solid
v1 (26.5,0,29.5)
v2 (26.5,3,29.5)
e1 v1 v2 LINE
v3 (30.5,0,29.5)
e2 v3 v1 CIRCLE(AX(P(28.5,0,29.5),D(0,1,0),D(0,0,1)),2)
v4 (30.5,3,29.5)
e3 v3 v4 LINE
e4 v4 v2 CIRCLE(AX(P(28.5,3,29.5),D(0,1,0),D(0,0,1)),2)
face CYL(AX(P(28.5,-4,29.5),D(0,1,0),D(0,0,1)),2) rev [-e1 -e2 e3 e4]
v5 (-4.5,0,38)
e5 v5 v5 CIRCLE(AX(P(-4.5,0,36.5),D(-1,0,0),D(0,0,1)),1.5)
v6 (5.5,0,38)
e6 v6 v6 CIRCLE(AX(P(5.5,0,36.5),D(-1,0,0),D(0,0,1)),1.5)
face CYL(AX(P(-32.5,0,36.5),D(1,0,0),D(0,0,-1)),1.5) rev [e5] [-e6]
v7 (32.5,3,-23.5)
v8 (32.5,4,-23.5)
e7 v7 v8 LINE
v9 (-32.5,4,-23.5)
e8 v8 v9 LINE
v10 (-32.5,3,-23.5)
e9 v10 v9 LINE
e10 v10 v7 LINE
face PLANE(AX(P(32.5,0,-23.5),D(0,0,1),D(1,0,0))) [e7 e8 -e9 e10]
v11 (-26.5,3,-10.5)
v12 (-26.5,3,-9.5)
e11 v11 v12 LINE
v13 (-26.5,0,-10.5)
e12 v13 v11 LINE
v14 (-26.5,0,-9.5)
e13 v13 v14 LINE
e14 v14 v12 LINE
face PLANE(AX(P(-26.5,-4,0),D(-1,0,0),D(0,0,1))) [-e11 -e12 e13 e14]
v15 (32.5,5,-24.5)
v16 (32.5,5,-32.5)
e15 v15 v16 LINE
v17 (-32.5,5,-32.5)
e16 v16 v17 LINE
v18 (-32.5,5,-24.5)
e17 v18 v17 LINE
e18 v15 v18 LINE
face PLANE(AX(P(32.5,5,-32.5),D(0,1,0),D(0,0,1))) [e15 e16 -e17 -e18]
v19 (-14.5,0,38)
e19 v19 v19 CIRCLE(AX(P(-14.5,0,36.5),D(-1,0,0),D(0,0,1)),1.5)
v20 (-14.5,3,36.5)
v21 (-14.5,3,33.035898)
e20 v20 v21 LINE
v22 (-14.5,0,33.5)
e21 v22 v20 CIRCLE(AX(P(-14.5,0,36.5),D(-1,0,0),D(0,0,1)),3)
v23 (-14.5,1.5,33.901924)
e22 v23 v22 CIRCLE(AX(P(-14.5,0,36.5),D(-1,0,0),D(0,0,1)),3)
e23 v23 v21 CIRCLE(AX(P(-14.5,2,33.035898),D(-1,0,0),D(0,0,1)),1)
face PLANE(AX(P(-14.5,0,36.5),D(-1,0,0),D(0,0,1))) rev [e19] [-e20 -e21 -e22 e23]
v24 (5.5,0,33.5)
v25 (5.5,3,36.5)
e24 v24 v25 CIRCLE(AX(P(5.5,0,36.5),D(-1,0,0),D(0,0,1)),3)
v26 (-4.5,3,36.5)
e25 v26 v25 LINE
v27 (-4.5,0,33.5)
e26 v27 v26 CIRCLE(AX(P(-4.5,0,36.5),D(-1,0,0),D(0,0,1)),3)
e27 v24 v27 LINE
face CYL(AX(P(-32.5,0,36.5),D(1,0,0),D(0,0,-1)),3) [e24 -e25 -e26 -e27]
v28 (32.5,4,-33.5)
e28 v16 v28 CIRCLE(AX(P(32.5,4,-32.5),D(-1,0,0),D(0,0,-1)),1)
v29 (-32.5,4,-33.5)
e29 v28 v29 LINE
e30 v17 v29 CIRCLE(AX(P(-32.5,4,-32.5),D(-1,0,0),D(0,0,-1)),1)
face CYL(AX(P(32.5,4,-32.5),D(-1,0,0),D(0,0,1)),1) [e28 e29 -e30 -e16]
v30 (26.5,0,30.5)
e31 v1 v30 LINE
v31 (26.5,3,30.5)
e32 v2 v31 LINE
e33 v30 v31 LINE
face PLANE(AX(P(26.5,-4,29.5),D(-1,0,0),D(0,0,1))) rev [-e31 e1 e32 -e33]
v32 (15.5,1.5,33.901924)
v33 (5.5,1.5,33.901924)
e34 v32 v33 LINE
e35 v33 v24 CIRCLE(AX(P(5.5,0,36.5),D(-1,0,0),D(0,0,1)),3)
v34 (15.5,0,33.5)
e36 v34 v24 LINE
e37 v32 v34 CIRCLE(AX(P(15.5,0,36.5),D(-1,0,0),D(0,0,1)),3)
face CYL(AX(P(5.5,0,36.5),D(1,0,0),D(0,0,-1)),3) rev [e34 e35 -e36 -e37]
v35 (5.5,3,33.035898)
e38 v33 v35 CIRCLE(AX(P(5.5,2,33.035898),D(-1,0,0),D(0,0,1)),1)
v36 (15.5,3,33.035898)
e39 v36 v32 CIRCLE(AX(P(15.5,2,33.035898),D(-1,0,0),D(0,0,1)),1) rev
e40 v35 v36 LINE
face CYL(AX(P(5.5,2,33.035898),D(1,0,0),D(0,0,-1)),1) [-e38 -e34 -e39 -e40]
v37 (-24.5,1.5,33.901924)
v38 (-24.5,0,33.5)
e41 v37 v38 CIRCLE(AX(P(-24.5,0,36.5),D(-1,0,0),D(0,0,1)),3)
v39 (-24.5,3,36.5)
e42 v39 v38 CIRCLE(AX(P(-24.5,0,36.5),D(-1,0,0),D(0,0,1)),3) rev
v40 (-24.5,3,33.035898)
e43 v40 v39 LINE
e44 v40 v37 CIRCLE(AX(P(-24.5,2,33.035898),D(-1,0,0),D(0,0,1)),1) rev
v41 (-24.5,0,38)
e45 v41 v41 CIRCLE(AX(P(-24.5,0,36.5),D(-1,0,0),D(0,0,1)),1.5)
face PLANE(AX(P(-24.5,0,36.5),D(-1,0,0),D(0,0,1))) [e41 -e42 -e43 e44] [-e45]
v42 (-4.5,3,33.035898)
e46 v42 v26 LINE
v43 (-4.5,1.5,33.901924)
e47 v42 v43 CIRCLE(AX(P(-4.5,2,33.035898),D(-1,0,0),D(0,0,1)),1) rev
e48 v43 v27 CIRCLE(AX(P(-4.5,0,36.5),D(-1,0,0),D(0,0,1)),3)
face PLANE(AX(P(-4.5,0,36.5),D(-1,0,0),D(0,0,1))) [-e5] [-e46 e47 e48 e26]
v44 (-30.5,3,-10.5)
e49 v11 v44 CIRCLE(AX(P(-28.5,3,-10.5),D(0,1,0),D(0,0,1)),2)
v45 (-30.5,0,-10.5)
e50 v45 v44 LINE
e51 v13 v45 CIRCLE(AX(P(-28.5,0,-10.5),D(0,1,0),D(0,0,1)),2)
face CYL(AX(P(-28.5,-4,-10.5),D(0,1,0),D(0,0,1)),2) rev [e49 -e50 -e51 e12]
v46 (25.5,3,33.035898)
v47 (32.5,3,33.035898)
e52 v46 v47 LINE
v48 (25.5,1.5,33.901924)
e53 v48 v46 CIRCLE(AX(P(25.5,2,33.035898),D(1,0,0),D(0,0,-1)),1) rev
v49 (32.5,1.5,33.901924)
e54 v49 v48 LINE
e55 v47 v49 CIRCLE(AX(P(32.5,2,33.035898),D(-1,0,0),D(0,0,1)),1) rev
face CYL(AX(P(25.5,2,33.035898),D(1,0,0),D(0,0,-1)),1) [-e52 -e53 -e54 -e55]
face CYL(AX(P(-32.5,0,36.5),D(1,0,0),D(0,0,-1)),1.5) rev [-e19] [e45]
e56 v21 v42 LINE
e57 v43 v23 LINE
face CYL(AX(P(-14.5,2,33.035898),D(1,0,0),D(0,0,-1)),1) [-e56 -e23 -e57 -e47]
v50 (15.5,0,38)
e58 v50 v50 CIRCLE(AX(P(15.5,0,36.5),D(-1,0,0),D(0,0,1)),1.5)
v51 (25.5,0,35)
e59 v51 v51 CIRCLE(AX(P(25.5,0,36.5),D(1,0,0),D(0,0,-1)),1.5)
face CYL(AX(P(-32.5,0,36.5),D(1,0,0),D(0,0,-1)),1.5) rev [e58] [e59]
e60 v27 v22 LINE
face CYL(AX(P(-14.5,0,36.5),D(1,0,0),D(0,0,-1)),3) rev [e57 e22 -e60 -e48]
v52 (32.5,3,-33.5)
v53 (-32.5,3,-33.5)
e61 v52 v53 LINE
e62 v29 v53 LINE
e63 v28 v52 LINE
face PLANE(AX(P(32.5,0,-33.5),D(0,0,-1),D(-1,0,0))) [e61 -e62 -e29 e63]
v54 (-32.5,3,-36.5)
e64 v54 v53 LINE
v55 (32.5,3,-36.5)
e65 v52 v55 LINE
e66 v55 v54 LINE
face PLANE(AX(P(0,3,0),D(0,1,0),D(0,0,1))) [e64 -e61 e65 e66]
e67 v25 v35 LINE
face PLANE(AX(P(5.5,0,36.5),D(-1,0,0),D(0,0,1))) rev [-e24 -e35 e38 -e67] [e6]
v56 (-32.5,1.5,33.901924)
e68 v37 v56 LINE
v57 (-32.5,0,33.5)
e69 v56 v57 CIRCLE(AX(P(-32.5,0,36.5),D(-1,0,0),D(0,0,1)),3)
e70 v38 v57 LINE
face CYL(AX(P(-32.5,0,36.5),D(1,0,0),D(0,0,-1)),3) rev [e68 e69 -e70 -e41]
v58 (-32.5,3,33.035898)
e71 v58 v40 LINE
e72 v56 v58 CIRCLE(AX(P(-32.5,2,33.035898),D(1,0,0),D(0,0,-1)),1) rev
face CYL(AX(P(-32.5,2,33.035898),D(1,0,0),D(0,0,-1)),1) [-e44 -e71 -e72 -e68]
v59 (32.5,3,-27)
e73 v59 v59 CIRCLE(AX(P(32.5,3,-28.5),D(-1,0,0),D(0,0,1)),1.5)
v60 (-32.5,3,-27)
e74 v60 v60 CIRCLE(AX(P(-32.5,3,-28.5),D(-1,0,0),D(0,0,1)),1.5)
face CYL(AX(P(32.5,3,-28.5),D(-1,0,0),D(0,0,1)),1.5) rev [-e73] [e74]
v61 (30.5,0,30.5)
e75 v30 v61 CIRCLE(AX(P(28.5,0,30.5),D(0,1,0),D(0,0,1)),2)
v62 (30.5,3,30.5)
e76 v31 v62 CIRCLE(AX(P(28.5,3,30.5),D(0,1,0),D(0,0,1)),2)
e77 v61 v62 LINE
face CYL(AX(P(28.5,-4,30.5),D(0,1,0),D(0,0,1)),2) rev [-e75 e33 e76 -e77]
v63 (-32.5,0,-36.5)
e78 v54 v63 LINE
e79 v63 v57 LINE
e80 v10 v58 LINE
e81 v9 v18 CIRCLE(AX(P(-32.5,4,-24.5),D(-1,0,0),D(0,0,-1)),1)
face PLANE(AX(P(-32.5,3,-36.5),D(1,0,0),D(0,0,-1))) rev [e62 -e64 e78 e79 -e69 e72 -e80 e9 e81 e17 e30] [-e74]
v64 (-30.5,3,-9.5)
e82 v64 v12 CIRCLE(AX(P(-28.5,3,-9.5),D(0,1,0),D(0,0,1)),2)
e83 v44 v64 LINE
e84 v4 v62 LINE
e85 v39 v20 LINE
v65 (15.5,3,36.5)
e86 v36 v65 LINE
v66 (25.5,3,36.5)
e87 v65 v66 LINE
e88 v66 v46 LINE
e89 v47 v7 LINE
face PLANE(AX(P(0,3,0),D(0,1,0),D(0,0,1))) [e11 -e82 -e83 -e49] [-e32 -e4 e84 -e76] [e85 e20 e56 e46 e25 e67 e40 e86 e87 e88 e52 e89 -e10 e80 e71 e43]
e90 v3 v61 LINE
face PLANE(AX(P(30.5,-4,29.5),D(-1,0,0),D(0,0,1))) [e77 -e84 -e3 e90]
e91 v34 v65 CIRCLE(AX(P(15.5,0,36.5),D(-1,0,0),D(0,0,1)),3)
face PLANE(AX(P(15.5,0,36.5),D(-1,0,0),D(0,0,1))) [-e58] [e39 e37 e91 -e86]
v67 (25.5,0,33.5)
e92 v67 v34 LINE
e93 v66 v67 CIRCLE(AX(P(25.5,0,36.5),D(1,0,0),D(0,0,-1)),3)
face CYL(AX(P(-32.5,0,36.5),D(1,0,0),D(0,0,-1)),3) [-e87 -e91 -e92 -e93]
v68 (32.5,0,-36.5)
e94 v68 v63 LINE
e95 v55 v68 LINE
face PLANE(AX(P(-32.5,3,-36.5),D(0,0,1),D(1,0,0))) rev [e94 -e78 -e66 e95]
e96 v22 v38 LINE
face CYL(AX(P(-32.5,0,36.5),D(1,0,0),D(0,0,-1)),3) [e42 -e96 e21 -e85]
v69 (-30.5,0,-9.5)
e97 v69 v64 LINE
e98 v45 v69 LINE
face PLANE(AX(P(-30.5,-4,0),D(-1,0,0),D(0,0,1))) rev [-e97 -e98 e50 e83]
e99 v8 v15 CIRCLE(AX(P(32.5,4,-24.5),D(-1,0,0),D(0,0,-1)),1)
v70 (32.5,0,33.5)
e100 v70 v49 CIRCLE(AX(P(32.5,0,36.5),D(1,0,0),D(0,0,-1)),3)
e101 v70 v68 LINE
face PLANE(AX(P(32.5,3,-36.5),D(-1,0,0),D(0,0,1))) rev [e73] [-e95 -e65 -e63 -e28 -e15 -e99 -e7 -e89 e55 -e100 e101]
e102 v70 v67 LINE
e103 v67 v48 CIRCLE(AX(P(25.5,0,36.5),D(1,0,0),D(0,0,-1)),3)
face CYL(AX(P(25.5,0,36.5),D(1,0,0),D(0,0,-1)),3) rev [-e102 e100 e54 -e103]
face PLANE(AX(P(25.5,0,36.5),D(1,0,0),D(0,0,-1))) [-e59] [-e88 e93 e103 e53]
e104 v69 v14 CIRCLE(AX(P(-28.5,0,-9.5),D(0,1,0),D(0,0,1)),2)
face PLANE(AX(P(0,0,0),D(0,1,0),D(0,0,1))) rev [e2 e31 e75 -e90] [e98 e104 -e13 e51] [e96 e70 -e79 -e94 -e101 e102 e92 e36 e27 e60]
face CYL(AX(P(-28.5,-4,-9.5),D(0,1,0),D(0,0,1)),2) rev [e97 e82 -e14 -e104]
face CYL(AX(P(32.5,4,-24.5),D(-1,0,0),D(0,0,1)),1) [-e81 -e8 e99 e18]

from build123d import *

# Parameters (mm, degrees)
BOSS_EXTRUDE1_DEPTH = 3
SKETCH2_R           = 3.0000000000000013
BOSS_EXTRUDE2_DEPTH = 65
SKETCH14_R          = 2.999999999999994
CUT_EXTRUDE1_DEPTH  = 8
SKETCH15_R          = 2.999999999999994
CUT_EXTRUDE2_DEPTH  = 10
SKETCH16_R          = 2.999999999999994
CUT_EXTRUDE3_DEPTH  = 10
SKETCH17_R          = 3.0000000000000013
CUT_EXTRUDE4_DEPTH  = 7
CUT_EXTRUDE5_DEPTH  = 7
SKETCH19_R          = 3.0000000000000013
BOSS_EXTRUDE3_DEPTH = 65
SKETCH13_R          = 1.500000000000004
CUT_EXTRUDE7_DEPTH  = 77.29711659034044
SKETCH20_R          = 1.5000000000000042
CUT_EXTRUDE8_DEPTH  = 77.29711659034045
FILLET1_R           = 1
SKETCH21_R          = 1.5000000000000075
BOSS_EXTRUDE4_DEPTH = 65
SKETCH22_W          = 5.918541019528025
SKETCH22_H          = 2.806652575268912
CUT_EXTRUDE9_DEPTH  = 77.29711659034044


with BuildPart() as part:
    # Sketch1 → Boss-Extrude1 (new body)
    with BuildSketch(Plane(origin=(0, 0, 0), x_dir=(1, 0, 0), z_dir=(0, 1, 0))):
        Polygon((-32.50000000000001, 36.49999999999999), (32.49999999999999, 36.49999999999999), (32.500000000000014, -36.50000000000001), (-32.5, -36.50000000000001), align=None)
    extrude(amount=BOSS_EXTRUDE1_DEPTH)

    # Sketch2 → Boss-Extrude2 (add, through all)
    with BuildSketch(Plane(origin=(32.5, 0, -9.27e-15), x_dir=(0, 0, -1), z_dir=(1, 0, 0))):
        with Locations((-36.500000000000014, 0)):
            Circle(SKETCH2_R)
    extrude(amount=-BOSS_EXTRUDE2_DEPTH)

    # Sketch14 → Cut-Extrude1 (cut)
    with BuildSketch(Plane.ZY.offset(24.500000000000004)):
        with Locations((36.500000000000014, 0)):
            Circle(SKETCH14_R)
    extrude(amount=CUT_EXTRUDE1_DEPTH, mode=Mode.SUBTRACT)

    # Sketch15 → Cut-Extrude2 (cut)
    with BuildSketch(Plane.ZY.offset(4.5000000000000036)):
        with Locations((36.500000000000014, 0)):
            Circle(SKETCH15_R)
    extrude(amount=CUT_EXTRUDE2_DEPTH, mode=Mode.SUBTRACT)

    # Sketch16 → Cut-Extrude3 (cut)
    with BuildSketch(Plane.ZY.offset(-15.499999999999996)):
        with Locations((36.500000000000014, 0)):
            Circle(SKETCH16_R)
    extrude(amount=CUT_EXTRUDE3_DEPTH, mode=Mode.SUBTRACT)

    # Sketch17 → Cut-Extrude4 (cut)
    with BuildSketch(Plane(origin=(32.5, 0, -9.27e-15), x_dir=(-1.9e-16, 0, -1), z_dir=(1, 0, -1.9e-16))):
        with Locations((-36.500000000000014, 0)):
            Circle(SKETCH17_R)
    extrude(amount=-CUT_EXTRUDE4_DEPTH, mode=Mode.SUBTRACT)

    # Sketch18 → Cut-Extrude5 (cut)
    with BuildSketch(Plane(origin=(0, 3, 0), x_dir=(1, 0, 0), z_dir=(0, 1, 0))):
        with BuildLine():
            Line((-30.50000000000002, 10.499999999999995), (-30.50000000000002, 9.500000000000002))
            ThreePointArc((-30.50000000000002, 9.500000000000002), (-28.500000000000018, 7.499999999999998), (-26.500000000000018, 9.500000000000002))
            Line((-26.500000000000018, 9.500000000000002), (-26.500000000000018, 10.499999999999995))
            ThreePointArc((-26.500000000000018, 10.499999999999995), (-28.500000000000018, 12.499999999999995), (-30.50000000000002, 10.499999999999995))
        make_face()
        with BuildLine():
            Line((26.5, -29.500000000000007), (26.5, -30.5))
            ThreePointArc((26.5, -30.5), (28.499999999999993, -32.49999999999999), (30.49999999999999, -30.5))
            Line((30.49999999999999, -30.5), (30.49999999999999, -29.500000000000007))
            ThreePointArc((30.49999999999999, -29.500000000000007), (28.499999999999993, -27.50000000000001), (26.5, -29.500000000000007))
        make_face()
    extrude(amount=-CUT_EXTRUDE5_DEPTH, mode=Mode.SUBTRACT)

    # Sketch19 → Boss-Extrude3 (add)
    with BuildSketch(Plane.ZY.offset(32.50000000000001)):
        with Locations((-28.500000000000004, 2.999999999999999)):
            Circle(SKETCH19_R)
    extrude(amount=-BOSS_EXTRUDE3_DEPTH)

    # Sketch13 → Cut-Extrude7 (cut, through all)
    with BuildSketch(Plane(origin=(32.5, 0, -9.27e-15), x_dir=(0, 0, -1), z_dir=(1, 0, 0))):
        with Locations((-36.500000000000014, 0)):
            Circle(SKETCH13_R)
    extrude(amount=-CUT_EXTRUDE7_DEPTH, mode=Mode.SUBTRACT)

    # Sketch20 → Cut-Extrude8 (cut, through all)
    with BuildSketch(Plane.ZY.offset(32.50000000000001)):
        with Locations((-28.5, 2.999999999999999)):
            Circle(SKETCH20_R)
    extrude(amount=-CUT_EXTRUDE8_DEPTH, mode=Mode.SUBTRACT)

    # Fillet1
    fillet1_edges = [part.edges().sort_by_distance(p)[0] for p in [
        (-28.5, 3, 36.50000000000001),
        (-9.5, 3, 36.50000000000001),
        (10.500000000000004, 3, 36.50000000000001),
        (29.00000000000001, 3, 36.50000000000001),
    ]]
    fillet(fillet1_edges, radius=FILLET1_R)

    # Sketch21 → Boss-Extrude4 (add, through all)
    with BuildSketch(Plane.ZY.offset(32.50000000000001)):
        with BuildLine():
            Line((-33.50000000000001, 0), (-23.500000000000007, 0))
            Line((-23.500000000000007, 0), (-23.500000000000007, 3.9999999999999933))
            ThreePointArc((-23.500000000000007, 3.9999999999999933), (-23.79289321881346, 4.707106781186548), (-24.500000000000014, 5))
            Line((-24.500000000000014, 5), (-32.5, 5))
            ThreePointArc((-32.5, 5), (-33.20710678118655, 4.707106781186548), (-33.50000000000001, 3.9999999999999933))
            Line((-33.50000000000001, 3.9999999999999933), (-33.50000000000001, 0))
        make_face()
        with Locations((-28.500000000000004, 2.999999999999999)):
            Circle(SKETCH21_R, mode=Mode.SUBTRACT)
    extrude(amount=-BOSS_EXTRUDE4_DEPTH)

    # Sketch22 → Cut-Extrude9 (cut, through all)
    with BuildSketch(Plane(origin=(32.5, 0, -9.27e-15), x_dir=(-2.9e-16, 0, -1), z_dir=(1, 0, -2.9e-16))):
        with Locations((28.341236521014125, 6.4033262876344565)):
            Rectangle(SKETCH22_W, SKETCH22_H)
    extrude(amount=-CUT_EXTRUDE9_DEPTH, mode=Mode.SUBTRACT)


solid = part.part
